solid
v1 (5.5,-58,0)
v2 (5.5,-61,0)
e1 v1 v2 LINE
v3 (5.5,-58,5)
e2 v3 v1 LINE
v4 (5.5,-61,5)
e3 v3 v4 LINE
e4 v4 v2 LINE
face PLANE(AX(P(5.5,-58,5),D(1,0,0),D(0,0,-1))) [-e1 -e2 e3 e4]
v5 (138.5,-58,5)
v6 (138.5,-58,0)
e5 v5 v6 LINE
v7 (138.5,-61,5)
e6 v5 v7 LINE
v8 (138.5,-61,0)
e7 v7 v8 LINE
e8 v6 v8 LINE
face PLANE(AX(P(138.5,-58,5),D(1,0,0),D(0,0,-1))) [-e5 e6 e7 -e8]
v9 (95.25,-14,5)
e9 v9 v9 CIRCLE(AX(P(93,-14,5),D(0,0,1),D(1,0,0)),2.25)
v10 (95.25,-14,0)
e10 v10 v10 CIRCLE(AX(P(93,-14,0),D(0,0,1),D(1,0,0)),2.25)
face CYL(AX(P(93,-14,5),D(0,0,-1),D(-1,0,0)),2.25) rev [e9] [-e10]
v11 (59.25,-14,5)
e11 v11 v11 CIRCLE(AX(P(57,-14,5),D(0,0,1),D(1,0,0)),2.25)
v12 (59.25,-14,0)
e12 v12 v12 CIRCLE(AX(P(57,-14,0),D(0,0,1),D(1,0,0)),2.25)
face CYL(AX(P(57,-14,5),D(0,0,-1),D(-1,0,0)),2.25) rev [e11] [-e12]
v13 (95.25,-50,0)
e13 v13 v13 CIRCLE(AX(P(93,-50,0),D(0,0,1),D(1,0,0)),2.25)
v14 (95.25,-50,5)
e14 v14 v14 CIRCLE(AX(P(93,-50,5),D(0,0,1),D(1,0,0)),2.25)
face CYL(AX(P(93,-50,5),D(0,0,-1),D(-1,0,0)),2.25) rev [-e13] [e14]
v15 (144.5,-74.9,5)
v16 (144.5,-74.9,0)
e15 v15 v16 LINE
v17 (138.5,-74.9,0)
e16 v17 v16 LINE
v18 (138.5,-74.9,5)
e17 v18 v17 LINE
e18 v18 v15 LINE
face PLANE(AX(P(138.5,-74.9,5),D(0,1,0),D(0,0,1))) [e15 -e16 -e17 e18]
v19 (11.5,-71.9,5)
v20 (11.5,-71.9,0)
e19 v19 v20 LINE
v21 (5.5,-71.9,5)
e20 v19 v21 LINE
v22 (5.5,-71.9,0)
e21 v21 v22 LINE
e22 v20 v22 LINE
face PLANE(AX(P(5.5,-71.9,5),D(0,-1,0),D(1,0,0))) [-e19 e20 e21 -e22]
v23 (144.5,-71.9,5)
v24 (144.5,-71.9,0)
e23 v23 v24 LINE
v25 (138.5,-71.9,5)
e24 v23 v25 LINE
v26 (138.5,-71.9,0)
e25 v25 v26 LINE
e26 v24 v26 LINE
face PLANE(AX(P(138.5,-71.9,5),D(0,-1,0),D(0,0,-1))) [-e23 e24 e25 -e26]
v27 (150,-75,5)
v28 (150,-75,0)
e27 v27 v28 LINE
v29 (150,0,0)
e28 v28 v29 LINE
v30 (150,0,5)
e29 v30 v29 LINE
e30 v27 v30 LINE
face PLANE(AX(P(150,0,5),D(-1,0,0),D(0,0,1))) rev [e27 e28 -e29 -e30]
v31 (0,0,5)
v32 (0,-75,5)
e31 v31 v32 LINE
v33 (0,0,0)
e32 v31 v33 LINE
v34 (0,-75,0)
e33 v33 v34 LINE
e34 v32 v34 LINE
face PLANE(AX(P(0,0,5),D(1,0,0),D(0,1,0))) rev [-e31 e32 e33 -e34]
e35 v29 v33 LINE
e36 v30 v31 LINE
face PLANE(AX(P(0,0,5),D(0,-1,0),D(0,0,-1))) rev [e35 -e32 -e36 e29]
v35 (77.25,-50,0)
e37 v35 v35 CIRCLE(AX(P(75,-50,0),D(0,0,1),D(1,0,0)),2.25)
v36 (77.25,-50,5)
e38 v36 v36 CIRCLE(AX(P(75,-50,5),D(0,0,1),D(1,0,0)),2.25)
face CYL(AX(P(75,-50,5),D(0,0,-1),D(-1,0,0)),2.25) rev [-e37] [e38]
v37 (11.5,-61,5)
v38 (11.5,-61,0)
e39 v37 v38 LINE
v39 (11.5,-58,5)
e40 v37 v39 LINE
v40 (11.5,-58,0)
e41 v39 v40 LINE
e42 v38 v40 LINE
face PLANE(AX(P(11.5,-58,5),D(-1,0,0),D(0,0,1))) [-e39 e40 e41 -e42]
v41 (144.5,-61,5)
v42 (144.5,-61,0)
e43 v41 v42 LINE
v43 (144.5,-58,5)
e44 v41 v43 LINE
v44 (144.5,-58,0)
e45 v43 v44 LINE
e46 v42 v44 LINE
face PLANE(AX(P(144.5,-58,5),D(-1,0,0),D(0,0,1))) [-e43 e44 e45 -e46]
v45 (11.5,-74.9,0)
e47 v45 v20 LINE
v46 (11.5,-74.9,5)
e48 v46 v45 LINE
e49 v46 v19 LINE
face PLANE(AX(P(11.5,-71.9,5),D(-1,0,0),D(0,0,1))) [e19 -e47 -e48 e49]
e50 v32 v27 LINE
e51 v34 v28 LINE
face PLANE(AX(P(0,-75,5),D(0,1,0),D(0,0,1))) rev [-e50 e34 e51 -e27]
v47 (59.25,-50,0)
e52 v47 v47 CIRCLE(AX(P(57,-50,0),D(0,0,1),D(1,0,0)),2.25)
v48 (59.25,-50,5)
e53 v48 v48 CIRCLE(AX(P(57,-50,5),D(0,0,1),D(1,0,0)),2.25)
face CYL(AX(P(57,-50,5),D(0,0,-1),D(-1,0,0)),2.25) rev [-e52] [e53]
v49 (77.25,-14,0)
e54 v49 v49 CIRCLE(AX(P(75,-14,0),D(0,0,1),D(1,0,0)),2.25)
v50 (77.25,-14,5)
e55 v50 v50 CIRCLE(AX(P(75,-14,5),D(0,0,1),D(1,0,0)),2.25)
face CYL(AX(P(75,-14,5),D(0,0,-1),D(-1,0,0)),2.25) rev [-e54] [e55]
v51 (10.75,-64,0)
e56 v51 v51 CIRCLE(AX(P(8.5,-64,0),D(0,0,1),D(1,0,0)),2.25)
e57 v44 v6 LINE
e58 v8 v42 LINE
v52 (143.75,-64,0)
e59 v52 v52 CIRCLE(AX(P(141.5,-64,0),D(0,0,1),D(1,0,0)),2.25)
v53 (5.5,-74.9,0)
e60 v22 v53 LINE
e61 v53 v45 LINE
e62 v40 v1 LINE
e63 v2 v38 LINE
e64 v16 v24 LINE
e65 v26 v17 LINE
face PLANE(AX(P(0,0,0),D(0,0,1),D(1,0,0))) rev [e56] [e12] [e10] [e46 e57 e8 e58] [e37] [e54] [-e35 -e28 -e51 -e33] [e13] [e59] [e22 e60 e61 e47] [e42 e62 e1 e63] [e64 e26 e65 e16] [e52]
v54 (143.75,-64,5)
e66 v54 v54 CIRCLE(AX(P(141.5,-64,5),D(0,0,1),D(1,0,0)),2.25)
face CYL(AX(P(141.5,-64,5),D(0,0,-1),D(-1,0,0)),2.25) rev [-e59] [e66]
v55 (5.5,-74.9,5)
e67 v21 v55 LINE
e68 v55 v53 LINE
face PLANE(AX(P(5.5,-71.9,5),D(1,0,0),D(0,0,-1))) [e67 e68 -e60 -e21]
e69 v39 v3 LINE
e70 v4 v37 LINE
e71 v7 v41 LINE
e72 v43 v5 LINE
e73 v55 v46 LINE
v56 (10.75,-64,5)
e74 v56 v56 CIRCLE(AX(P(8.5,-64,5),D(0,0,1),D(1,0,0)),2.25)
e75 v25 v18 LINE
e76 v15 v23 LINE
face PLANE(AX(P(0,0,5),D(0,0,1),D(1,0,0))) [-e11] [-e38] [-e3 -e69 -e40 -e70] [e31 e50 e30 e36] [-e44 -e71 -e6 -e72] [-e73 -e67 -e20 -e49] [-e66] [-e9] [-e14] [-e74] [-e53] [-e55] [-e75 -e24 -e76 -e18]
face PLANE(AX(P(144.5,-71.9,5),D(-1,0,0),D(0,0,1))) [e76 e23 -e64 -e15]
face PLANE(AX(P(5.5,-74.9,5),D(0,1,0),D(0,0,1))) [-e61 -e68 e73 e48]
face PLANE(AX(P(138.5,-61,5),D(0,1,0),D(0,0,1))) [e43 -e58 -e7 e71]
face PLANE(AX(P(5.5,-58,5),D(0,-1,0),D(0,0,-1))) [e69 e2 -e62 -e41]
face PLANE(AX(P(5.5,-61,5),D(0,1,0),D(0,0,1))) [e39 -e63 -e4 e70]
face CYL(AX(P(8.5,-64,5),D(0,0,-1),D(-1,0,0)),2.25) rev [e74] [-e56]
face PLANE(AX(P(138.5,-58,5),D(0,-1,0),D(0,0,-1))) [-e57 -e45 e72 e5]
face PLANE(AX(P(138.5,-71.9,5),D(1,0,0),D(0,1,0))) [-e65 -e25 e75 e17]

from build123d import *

# Parameters (mm, degrees)
ESQUISSE1_W        = 150
ESQUISSE1_H        = 75
ESQUISSE1_R        = 2.25
ESQUISSE1_W_2      = 6
ESQUISSE1_H_2      = 3
BOSS_EXTRU_1_DEPTH = 5


with BuildPart() as part:
    # Esquisse1 → Boss.-Extru.1 (new body)
    with BuildSketch(Plane.XY):
        with Locations((75, -37.5)):
            Rectangle(ESQUISSE1_W, ESQUISSE1_H)
        with Locations((8.5, -64)):
            Circle(ESQUISSE1_R, mode=Mode.SUBTRACT)
        with Locations((141.5, -64)):
            Circle(ESQUISSE1_R, mode=Mode.SUBTRACT)
        with Locations((57, -14)):
            Circle(ESQUISSE1_R, mode=Mode.SUBTRACT)
        with Locations((93, -14)):
            Circle(ESQUISSE1_R, mode=Mode.SUBTRACT)
        with Locations((93, -50)):
            Circle(ESQUISSE1_R, mode=Mode.SUBTRACT)
        with Locations((57, -50)):
            Circle(ESQUISSE1_R, mode=Mode.SUBTRACT)
        with Locations((75, -14)):
            Circle(ESQUISSE1_R, mode=Mode.SUBTRACT)
        with Locations((75, -50)):
            Circle(ESQUISSE1_R, mode=Mode.SUBTRACT)
        with Locations((8.5, -59.5)):
            Rectangle(ESQUISSE1_W_2, ESQUISSE1_H_2, mode=Mode.SUBTRACT)
        with Locations((8.5, -73.4)):
            Rectangle(ESQUISSE1_W_2, ESQUISSE1_H_2, mode=Mode.SUBTRACT)
        with Locations((141.5, -59.5)):
            Rectangle(ESQUISSE1_W_2, ESQUISSE1_H_2, mode=Mode.SUBTRACT)
        with Locations((141.5, -73.4)):
            Rectangle(ESQUISSE1_W_2, ESQUISSE1_H_2, mode=Mode.SUBTRACT)
    extrude(amount=BOSS_EXTRU_1_DEPTH)


solid = part.part
